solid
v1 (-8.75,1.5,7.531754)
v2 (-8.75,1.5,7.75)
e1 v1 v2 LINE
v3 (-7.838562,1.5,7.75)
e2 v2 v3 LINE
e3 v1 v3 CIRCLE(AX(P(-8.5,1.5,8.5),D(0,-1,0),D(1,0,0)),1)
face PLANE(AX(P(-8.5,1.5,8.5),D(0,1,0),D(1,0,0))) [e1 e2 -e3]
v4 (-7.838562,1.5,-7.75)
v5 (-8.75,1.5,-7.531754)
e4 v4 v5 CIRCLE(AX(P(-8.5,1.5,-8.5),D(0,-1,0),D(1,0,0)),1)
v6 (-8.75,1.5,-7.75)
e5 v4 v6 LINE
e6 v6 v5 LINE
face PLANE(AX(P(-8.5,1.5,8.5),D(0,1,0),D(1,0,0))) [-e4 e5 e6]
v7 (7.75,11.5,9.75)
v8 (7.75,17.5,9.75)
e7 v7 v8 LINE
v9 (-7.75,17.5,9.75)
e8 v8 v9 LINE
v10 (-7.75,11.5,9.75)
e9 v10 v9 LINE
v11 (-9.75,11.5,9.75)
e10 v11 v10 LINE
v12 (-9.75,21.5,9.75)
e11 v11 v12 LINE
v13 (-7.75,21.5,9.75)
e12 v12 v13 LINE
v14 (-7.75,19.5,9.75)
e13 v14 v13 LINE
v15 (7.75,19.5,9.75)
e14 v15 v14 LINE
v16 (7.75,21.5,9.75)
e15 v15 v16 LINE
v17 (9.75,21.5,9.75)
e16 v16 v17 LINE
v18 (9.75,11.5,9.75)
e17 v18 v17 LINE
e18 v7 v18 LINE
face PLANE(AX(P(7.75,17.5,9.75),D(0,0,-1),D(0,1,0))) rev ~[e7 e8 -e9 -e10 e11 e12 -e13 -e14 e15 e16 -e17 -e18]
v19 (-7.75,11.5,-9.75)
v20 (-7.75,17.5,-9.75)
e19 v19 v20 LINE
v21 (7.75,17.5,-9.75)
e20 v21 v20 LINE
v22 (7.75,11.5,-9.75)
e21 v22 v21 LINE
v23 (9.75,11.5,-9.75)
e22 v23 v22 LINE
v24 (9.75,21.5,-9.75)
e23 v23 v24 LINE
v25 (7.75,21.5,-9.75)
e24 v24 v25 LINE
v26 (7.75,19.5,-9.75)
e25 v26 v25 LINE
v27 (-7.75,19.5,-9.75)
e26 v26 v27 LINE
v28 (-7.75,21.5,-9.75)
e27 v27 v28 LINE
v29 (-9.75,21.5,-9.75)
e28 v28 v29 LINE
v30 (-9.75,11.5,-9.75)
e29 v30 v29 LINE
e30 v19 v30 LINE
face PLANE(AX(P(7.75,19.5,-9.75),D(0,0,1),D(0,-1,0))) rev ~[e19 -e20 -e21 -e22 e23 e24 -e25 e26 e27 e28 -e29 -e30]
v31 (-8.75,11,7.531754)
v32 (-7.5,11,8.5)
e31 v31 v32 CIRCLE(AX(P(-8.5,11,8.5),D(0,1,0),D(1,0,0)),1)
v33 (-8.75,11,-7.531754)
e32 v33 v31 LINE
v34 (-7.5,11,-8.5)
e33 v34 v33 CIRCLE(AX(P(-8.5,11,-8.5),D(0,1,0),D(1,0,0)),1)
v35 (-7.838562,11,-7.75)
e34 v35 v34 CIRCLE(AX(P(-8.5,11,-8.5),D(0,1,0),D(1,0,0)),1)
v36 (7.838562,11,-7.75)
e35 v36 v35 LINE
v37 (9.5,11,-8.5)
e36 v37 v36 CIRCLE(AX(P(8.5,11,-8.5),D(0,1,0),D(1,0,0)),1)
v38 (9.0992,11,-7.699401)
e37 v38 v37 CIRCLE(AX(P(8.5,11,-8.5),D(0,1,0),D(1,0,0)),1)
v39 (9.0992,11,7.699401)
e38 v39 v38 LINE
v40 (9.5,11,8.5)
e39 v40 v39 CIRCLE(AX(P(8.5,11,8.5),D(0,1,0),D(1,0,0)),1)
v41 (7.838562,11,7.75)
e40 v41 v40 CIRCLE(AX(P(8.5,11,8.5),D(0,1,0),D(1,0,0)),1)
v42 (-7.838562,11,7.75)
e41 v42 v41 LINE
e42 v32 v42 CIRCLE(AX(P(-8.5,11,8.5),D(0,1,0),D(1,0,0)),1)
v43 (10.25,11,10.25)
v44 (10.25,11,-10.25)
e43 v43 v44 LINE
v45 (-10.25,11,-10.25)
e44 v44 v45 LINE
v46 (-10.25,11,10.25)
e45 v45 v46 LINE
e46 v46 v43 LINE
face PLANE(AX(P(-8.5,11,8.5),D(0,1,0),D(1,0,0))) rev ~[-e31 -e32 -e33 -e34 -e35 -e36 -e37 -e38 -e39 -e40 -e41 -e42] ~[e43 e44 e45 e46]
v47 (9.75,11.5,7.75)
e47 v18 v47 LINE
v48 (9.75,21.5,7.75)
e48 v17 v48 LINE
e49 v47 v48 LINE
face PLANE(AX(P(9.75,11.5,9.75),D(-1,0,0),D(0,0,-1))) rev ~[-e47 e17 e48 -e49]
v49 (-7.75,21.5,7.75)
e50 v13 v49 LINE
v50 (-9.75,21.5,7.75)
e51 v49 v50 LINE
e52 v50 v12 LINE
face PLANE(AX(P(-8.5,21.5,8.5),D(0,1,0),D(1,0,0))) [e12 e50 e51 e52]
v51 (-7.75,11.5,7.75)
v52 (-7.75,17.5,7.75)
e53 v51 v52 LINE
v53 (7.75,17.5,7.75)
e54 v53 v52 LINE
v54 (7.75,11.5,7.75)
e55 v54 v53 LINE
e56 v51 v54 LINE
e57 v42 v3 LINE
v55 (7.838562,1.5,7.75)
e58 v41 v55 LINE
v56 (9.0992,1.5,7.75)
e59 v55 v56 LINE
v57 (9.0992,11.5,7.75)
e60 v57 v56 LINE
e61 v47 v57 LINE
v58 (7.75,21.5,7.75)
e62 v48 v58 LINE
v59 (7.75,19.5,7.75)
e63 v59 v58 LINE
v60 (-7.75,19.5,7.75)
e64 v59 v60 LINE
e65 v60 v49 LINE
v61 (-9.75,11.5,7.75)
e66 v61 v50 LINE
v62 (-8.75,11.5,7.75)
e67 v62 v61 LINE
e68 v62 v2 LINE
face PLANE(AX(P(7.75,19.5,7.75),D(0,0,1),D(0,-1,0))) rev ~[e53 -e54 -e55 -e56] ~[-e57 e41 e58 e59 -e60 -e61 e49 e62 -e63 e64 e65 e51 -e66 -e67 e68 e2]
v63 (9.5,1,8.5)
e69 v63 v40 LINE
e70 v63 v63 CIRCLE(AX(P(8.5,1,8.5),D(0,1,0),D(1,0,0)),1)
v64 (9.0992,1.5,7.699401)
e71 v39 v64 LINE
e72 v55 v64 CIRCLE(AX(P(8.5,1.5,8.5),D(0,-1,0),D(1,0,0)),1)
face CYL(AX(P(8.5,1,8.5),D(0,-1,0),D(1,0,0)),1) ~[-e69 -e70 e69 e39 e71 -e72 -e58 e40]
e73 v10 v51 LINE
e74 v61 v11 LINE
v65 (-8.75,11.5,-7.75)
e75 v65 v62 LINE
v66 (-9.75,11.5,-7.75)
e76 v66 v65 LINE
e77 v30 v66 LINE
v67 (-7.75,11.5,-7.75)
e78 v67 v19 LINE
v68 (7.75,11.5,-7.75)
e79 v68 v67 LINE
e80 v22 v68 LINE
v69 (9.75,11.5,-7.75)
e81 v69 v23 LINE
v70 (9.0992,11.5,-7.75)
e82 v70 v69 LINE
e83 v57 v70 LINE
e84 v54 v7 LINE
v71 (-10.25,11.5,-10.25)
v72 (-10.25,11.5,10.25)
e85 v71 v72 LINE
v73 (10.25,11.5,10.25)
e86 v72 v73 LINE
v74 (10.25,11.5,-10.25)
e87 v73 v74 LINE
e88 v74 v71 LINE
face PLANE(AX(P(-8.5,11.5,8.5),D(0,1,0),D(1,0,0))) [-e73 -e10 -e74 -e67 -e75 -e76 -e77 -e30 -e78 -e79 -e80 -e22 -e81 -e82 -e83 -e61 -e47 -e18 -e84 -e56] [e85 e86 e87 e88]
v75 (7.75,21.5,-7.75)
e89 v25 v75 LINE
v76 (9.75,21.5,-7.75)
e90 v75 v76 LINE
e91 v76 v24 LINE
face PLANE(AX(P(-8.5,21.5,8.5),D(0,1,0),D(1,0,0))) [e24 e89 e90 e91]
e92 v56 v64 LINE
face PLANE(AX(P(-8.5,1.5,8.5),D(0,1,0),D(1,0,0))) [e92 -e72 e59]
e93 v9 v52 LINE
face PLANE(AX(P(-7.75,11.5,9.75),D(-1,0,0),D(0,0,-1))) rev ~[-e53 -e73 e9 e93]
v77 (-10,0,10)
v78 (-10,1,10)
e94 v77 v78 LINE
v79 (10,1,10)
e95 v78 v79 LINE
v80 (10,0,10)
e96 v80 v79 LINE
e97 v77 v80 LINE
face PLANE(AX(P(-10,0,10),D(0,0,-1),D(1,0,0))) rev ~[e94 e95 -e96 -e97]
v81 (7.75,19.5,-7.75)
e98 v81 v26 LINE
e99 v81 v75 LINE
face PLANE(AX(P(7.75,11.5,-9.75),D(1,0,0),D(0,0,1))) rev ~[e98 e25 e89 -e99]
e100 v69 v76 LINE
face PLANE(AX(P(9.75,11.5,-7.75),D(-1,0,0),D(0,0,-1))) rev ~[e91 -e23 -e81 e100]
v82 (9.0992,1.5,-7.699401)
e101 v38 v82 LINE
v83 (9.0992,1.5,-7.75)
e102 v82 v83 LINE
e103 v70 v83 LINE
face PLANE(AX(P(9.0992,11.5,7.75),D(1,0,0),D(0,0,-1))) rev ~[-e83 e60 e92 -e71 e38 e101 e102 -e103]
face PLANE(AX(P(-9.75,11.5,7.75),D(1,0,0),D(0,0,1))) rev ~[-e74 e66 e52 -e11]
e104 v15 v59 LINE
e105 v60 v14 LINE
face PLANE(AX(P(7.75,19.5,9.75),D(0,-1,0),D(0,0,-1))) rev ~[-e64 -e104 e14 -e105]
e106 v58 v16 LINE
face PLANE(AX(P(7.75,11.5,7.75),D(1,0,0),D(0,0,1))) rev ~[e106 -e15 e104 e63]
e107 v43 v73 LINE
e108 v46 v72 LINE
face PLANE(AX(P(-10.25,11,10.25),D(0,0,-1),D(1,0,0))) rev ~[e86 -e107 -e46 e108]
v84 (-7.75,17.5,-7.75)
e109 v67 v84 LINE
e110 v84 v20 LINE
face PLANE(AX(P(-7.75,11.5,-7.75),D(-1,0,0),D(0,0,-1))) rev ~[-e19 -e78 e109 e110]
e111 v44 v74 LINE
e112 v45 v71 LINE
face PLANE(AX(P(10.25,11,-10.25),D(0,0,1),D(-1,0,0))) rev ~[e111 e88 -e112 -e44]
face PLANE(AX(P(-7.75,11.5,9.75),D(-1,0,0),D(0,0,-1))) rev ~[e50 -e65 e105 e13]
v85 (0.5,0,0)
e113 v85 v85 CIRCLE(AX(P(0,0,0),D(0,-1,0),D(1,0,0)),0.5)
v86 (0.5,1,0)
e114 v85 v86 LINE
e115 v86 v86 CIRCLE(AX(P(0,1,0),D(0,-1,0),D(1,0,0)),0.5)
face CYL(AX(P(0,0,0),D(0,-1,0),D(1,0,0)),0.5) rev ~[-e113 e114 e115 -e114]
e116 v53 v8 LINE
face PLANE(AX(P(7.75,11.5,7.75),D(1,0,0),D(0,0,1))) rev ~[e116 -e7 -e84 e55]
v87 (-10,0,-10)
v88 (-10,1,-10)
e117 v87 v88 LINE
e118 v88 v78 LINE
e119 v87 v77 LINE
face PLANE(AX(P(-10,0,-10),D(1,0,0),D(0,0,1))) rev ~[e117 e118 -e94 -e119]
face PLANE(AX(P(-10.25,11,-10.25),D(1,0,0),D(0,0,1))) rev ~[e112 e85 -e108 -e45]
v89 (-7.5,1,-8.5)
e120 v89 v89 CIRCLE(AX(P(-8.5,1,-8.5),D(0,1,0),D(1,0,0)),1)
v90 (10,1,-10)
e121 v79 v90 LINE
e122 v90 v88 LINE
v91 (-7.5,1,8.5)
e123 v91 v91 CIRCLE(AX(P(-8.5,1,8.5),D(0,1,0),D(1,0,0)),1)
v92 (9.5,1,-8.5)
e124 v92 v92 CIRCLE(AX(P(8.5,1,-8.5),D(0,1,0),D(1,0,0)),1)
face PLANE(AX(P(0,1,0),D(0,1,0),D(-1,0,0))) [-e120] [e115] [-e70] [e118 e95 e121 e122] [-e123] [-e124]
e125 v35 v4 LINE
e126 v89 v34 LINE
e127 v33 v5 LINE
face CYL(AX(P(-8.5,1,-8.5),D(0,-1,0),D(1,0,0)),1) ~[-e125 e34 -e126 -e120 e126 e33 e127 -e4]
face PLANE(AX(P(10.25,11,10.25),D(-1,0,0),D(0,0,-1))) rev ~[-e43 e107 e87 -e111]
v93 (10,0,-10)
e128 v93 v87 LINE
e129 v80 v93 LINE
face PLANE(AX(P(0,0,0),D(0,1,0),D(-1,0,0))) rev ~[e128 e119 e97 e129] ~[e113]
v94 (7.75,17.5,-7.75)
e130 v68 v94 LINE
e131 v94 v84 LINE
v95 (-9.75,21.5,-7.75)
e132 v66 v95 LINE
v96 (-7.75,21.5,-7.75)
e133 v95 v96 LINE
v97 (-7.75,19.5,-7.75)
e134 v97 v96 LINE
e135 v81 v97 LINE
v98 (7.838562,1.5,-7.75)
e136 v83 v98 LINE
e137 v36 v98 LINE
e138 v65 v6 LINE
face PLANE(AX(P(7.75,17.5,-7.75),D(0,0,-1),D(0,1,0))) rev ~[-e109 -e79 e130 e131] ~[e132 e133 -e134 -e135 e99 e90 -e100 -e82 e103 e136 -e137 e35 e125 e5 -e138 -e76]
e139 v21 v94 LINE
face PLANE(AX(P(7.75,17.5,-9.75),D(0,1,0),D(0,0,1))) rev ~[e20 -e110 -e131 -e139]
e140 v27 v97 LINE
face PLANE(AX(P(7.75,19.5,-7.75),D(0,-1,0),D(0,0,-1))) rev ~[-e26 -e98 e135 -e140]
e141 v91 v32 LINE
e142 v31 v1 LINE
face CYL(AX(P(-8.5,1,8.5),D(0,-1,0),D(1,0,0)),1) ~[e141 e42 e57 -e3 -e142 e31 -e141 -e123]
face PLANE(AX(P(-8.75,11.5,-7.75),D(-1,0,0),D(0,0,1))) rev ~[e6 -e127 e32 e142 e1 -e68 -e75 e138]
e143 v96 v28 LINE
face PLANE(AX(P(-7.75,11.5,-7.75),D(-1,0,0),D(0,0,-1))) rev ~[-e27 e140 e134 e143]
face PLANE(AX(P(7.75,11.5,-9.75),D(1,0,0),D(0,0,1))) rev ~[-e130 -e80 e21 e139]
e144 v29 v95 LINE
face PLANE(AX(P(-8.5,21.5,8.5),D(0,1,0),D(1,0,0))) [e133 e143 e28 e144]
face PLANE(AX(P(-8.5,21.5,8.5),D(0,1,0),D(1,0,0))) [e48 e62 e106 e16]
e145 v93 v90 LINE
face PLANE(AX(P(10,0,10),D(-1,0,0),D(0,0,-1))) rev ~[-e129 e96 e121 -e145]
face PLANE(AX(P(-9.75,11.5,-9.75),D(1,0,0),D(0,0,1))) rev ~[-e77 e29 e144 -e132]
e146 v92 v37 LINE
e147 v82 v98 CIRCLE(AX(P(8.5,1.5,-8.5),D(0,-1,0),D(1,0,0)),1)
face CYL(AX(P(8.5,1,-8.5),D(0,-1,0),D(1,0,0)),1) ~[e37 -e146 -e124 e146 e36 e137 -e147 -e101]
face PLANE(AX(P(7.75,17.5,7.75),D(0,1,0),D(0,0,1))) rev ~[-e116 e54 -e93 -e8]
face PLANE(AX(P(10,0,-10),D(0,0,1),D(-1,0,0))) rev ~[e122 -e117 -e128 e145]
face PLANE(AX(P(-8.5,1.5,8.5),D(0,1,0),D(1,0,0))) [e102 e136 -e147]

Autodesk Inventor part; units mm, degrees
ref_plane "YZ Plane" through (0, 0, 0) normal (1, 0, 0) x (0, 1, 0)
ref_plane "XZ Plane" through (0, 0, 0) normal (0, 1, 0) x (-1, 0, 0)
ref_plane "XY Plane" through (0, 0, 0) normal (0, 0, 1) x (1, 0, 0)
sketch "Sketch6" plane through (0, 0, 0) normal (0, 1, 0) x (-1, 0, 0)
  line L0 (-10, -10) -> (10, -10)
  line L1 (10, -10) -> (10, 10)
  line L2 (10, 10) -> (-10, 10)
  line L3 (-10, 10) -> (-10, -10)
  line L4 (-10, -10) -> (10, 10) construction
  line L5 (10, -10) -> (-10, 10) construction
  point P0 (0, 0)
  dimension "d28" = 20
  dimension "d29" = 20
extrude "Extrusion6" add sketch "Sketch6" along normal blind 1
sketch "Sketch7" plane through (0, 1, 0) normal (0, 1, 0) x (1, 0, 0)
  circle A0 centre (-8.5, -8.5) radius 1
  line L0 (-10, 10) -> (-10, -10) projected
  line L1 (-10, -10) -> (10, -10) projected
  point P0 (0, 0)
  dimension "d32" = 2
  dimension "d33" = 0.5
  dimension "d34" = 0.5
extrude "Extrusion7" add sketch "Sketch7" along normal blind 10
sketch "Sketch8" plane through (0, 1, 0) normal (0, 1, 0) x (1, 0, 0)
  circle A0 centre (-8.5, 8.5) radius 1
  line L0 (-10, 10) -> (-10, -10) projected
  line L1 (10, 10) -> (-10, 10) projected
  point P0 (0, 0)
  dimension "d37" = 2
  dimension "d38" = 0.5
  dimension "d39" = 0.5
extrude "Extrusion8" add sketch "Sketch8" along normal blind 10
sketch "Sketch9" plane through (0, 1, 0) normal (0, 1, 0) x (1, 0, 0)
  circle A0 centre (8.5, -8.5) radius 1
  line L0 (10, -10) -> (10, 10) projected
  line L1 (-10, -10) -> (10, -10) projected
  point P0 (0, 0)
  dimension "d42" = 2
  dimension "d43" = 0.5
  dimension "d44" = 0.5
extrude "Extrusion9" add sketch "Sketch9" along normal blind 10
sketch "Sketch10" plane through (0, 1, 0) normal (0, 1, 0) x (1, 0, 0)
  circle A0 centre (8.5, 8.5) radius 1
  line L0 (10, -10) -> (10, 10) projected
  line L1 (10, 10) -> (-10, 10) projected
  point P0 (0, 0)
  dimension "d47" = 2
  dimension "d48" = 0.5
  dimension "d49" = 0.5
extrude "Extrusion10" add sketch "Sketch10" along normal blind 10
sketch "Sketch11" plane through (-8.5, 11, 8.5) normal (0, 1, 0) x (1, 0, 0)
  line L0 (18.75, 18.75) -> (-1.75, 18.75)
  line L1 (-1.75, 18.75) -> (-1.75, -1.75)
  line L2 (-1.75, -1.75) -> (18.75, -1.75)
  line L3 (18.75, -1.75) -> (18.75, 18.75)
  line L4 (18.75, 18.75) -> (-1.75, -1.75) construction
  line L5 (-1.75, 18.75) -> (18.75, -1.75) construction
  point P0 (8.5, 8.5)
  dimension "d52" = 20.5
  dimension "d53" = 20.5
extrude "Extrusion11" add sketch "Sketch11" along normal blind 0.5
sketch "Sketch12" plane through (-8.5, 11.5, 8.5) normal (0, 1, 0) x (1, 0, 0)
  point P0 (8.5, 8.5)
sketch "Sketch13" plane through (-8.5, 11.5, 8.5) normal (0, 1, 0) x (1, 0, 0)
  line L0 (0.75, 0.75) -> (-1.25, 0.75)
  line L1 (-1.25, 0.75) -> (-1.25, -1.25)
  line L2 (-1.25, -1.25) -> (0.75, -1.25)
  line L3 (0.75, -1.25) -> (0.75, 0.75)
  line L4 (0.75, 0.75) -> (-1.25, -1.25) construction
  line L5 (-1.25, 0.75) -> (0.75, -1.25) construction
  line L6 (-1.75, -1.75) -> (18.75, -1.75) projected
  line L7 (-1.75, 18.75) -> (-1.75, -1.75) projected
  point P0 (8.5, 8.5)
  point P1 (-0.25, -0.25)
  dimension "d56" = 2
  dimension "d57" = 2
  dimension "d58" = 0.5
  dimension "d59" = 0.5
extrude "Extrusion12" add sketch "Sketch13" along normal blind 10
sketch "Sketch14" plane through (-8.5, 11.5, 8.5) normal (0, 1, 0) x (1, 0, 0)
  line L0 (-1.25, 16.25) -> (0.75, 16.25)
  line L1 (0.75, 16.25) -> (0.75, 18.25)
  line L2 (0.75, 18.25) -> (-1.25, 18.25)
  line L3 (-1.25, 18.25) -> (-1.25, 16.25)
  line L4 (-1.25, 16.25) -> (0.75, 18.25) construction
  line L5 (0.75, 16.25) -> (-1.25, 18.25) construction
  line L6 (-1.75, 18.75) -> (-1.75, -1.75) projected
  line L7 (18.75, 18.75) -> (-1.75, 18.75) projected
  point P0 (8.5, 8.5)
  point P1 (-0.25, 17.25)
  dimension "d62" = 2
  dimension "d63" = 2
  dimension "d64" = 0.5
  dimension "d65" = 0.5
extrude "Extrusion13" add sketch "Sketch14" along normal blind 10
sketch "Sketch15" plane through (-8.5, 11.5, 8.5) normal (0, 1, 0) x (1, 0, 0)
  line L0 (18.25, 0.75) -> (16.25, 0.75)
  line L1 (16.25, 0.75) -> (16.25, -1.25)
  line L2 (16.25, -1.25) -> (18.25, -1.25)
  line L3 (18.25, -1.25) -> (18.25, 0.75)
  line L4 (18.25, 0.75) -> (16.25, -1.25) construction
  line L5 (16.25, 0.75) -> (18.25, -1.25) construction
  line L6 (-1.75, -1.75) -> (18.75, -1.75) projected
  line L7 (18.75, -1.75) -> (18.75, 18.75) projected
  point P0 (8.5, 8.5)
  point P1 (17.25, -0.25)
  dimension "d68" = 2
  dimension "d69" = 2
  dimension "d70" = 0.5
  dimension "d71" = 0.5
extrude "Extrusion14" add sketch "Sketch15" along normal blind 10
sketch "Sketch16" plane through (-8.5, 11.5, 8.5) normal (0, 1, 0) x (1, 0, 0)
  line L0 (16.25, 16.25) -> (18.25, 16.25)
  line L1 (18.25, 16.25) -> (18.25, 18.25)
  line L2 (18.25, 18.25) -> (16.25, 18.25)
  line L3 (16.25, 18.25) -> (16.25, 16.25)
  line L4 (16.25, 16.25) -> (18.25, 18.25) construction
  line L5 (18.25, 16.25) -> (16.25, 18.25) construction
  line L6 (18.75, -1.75) -> (18.75, 18.75) projected
  line L7 (18.75, 18.75) -> (-1.75, 18.75) projected
  point P0 (8.5, 8.5)
  point P1 (17.25, 17.25)
  dimension "d74" = 2
  dimension "d75" = 2
  dimension "d76" = 0.5
  dimension "d77" = 0.5
extrude "Extrusion15" add sketch "Sketch16" along normal blind 10
sketch "Sketch17" plane through (-8.5, 11.5, 8.5) normal (0, 1, 0) x (1, 0, 0)
  line L0 (-1.25, 0.75) -> (0.75, 0.75) projected
  line L1 (-0.25, 0.75) -> (17.5992, 0.75)
  line L2 (17.5992, 0.75) -> (17.5992, 16.25)
  line L3 (17.5992, 16.25) -> (-0.25, 16.25)
  line L4 (-0.25, 16.25) -> (-0.25, 0.75)
  point P0 (8.5, 8.5)
extrude "Extrusion16" cut sketch "Sketch17" against normal blind 10
sketch "Sketch18" plane through (7.75, 11.5, -9.75) normal (-1, 0, 0) x (0, 0, 1)
  point P0 (9.75, -11.5)
sketch "Sketch19" plane through (7.75, 11.5, -9.75) normal (-1, 0, 0) x (0, 0, 1)
  point P0 (9.75, -11.5)
sketch "Sketch20" plane through (7.75, 11.5, -9.75) normal (-1, 0, 0) x (0, 0, 1)
  point P0 (9.75, -11.5)
sketch "Sketch21" plane through (7.75, 11.5, -9.75) normal (-1, 0, 0) x (0, 0, 1)
  line L0 (2, 8) -> (0, 8)
  line L1 (0, 8) -> (0, 6)
  line L2 (0, 6) -> (2, 6)
  line L3 (2, 6) -> (2, 8)
  line L4 (2, 0) -> (2, 10) projected
  line L5 (0, 10) -> (2, 10) projected
  point P0 (9.75, -11.5)
  dimension "d82" = 2
  dimension "d83" = 2
  dimension "d84" = 0
  dimension "d85" = 2
extrude "Extrusion17" add sketch "Sketch21" along normal blind 16
sketch "Sketch22" plane through (7.75, 11.5, 7.75) normal (-1, 0, 0) x (0, 0, 1)
  line L0 (2, 8) -> (0, 8)
  line L1 (0, 8) -> (0, 6)
  line L2 (0, 6) -> (2, 6)
  line L3 (2, 6) -> (2, 8)
  line L4 (2, 0) -> (2, 10) projected
  line L5 (0, 10) -> (2, 10) projected
  point P0 (-7.75, -11.5)
  dimension "d88" = 2
  dimension "d89" = 2
  dimension "d90" = 0
  dimension "d91" = 2
extrude "Extrusion18" add sketch "Sketch22" along normal blind 16
sketch "Sketch23" plane through (0, 0, 0) normal (0, -1, 0) x (1, 0, 0)
  circle A0 centre (0, 0) radius 0.5
  dimension "d94" = 1
extrude "Extrusion19" cut sketch "Sketch23" against normal blind 1
properties part number "tABLE" material "Brick, Common, Brown"
